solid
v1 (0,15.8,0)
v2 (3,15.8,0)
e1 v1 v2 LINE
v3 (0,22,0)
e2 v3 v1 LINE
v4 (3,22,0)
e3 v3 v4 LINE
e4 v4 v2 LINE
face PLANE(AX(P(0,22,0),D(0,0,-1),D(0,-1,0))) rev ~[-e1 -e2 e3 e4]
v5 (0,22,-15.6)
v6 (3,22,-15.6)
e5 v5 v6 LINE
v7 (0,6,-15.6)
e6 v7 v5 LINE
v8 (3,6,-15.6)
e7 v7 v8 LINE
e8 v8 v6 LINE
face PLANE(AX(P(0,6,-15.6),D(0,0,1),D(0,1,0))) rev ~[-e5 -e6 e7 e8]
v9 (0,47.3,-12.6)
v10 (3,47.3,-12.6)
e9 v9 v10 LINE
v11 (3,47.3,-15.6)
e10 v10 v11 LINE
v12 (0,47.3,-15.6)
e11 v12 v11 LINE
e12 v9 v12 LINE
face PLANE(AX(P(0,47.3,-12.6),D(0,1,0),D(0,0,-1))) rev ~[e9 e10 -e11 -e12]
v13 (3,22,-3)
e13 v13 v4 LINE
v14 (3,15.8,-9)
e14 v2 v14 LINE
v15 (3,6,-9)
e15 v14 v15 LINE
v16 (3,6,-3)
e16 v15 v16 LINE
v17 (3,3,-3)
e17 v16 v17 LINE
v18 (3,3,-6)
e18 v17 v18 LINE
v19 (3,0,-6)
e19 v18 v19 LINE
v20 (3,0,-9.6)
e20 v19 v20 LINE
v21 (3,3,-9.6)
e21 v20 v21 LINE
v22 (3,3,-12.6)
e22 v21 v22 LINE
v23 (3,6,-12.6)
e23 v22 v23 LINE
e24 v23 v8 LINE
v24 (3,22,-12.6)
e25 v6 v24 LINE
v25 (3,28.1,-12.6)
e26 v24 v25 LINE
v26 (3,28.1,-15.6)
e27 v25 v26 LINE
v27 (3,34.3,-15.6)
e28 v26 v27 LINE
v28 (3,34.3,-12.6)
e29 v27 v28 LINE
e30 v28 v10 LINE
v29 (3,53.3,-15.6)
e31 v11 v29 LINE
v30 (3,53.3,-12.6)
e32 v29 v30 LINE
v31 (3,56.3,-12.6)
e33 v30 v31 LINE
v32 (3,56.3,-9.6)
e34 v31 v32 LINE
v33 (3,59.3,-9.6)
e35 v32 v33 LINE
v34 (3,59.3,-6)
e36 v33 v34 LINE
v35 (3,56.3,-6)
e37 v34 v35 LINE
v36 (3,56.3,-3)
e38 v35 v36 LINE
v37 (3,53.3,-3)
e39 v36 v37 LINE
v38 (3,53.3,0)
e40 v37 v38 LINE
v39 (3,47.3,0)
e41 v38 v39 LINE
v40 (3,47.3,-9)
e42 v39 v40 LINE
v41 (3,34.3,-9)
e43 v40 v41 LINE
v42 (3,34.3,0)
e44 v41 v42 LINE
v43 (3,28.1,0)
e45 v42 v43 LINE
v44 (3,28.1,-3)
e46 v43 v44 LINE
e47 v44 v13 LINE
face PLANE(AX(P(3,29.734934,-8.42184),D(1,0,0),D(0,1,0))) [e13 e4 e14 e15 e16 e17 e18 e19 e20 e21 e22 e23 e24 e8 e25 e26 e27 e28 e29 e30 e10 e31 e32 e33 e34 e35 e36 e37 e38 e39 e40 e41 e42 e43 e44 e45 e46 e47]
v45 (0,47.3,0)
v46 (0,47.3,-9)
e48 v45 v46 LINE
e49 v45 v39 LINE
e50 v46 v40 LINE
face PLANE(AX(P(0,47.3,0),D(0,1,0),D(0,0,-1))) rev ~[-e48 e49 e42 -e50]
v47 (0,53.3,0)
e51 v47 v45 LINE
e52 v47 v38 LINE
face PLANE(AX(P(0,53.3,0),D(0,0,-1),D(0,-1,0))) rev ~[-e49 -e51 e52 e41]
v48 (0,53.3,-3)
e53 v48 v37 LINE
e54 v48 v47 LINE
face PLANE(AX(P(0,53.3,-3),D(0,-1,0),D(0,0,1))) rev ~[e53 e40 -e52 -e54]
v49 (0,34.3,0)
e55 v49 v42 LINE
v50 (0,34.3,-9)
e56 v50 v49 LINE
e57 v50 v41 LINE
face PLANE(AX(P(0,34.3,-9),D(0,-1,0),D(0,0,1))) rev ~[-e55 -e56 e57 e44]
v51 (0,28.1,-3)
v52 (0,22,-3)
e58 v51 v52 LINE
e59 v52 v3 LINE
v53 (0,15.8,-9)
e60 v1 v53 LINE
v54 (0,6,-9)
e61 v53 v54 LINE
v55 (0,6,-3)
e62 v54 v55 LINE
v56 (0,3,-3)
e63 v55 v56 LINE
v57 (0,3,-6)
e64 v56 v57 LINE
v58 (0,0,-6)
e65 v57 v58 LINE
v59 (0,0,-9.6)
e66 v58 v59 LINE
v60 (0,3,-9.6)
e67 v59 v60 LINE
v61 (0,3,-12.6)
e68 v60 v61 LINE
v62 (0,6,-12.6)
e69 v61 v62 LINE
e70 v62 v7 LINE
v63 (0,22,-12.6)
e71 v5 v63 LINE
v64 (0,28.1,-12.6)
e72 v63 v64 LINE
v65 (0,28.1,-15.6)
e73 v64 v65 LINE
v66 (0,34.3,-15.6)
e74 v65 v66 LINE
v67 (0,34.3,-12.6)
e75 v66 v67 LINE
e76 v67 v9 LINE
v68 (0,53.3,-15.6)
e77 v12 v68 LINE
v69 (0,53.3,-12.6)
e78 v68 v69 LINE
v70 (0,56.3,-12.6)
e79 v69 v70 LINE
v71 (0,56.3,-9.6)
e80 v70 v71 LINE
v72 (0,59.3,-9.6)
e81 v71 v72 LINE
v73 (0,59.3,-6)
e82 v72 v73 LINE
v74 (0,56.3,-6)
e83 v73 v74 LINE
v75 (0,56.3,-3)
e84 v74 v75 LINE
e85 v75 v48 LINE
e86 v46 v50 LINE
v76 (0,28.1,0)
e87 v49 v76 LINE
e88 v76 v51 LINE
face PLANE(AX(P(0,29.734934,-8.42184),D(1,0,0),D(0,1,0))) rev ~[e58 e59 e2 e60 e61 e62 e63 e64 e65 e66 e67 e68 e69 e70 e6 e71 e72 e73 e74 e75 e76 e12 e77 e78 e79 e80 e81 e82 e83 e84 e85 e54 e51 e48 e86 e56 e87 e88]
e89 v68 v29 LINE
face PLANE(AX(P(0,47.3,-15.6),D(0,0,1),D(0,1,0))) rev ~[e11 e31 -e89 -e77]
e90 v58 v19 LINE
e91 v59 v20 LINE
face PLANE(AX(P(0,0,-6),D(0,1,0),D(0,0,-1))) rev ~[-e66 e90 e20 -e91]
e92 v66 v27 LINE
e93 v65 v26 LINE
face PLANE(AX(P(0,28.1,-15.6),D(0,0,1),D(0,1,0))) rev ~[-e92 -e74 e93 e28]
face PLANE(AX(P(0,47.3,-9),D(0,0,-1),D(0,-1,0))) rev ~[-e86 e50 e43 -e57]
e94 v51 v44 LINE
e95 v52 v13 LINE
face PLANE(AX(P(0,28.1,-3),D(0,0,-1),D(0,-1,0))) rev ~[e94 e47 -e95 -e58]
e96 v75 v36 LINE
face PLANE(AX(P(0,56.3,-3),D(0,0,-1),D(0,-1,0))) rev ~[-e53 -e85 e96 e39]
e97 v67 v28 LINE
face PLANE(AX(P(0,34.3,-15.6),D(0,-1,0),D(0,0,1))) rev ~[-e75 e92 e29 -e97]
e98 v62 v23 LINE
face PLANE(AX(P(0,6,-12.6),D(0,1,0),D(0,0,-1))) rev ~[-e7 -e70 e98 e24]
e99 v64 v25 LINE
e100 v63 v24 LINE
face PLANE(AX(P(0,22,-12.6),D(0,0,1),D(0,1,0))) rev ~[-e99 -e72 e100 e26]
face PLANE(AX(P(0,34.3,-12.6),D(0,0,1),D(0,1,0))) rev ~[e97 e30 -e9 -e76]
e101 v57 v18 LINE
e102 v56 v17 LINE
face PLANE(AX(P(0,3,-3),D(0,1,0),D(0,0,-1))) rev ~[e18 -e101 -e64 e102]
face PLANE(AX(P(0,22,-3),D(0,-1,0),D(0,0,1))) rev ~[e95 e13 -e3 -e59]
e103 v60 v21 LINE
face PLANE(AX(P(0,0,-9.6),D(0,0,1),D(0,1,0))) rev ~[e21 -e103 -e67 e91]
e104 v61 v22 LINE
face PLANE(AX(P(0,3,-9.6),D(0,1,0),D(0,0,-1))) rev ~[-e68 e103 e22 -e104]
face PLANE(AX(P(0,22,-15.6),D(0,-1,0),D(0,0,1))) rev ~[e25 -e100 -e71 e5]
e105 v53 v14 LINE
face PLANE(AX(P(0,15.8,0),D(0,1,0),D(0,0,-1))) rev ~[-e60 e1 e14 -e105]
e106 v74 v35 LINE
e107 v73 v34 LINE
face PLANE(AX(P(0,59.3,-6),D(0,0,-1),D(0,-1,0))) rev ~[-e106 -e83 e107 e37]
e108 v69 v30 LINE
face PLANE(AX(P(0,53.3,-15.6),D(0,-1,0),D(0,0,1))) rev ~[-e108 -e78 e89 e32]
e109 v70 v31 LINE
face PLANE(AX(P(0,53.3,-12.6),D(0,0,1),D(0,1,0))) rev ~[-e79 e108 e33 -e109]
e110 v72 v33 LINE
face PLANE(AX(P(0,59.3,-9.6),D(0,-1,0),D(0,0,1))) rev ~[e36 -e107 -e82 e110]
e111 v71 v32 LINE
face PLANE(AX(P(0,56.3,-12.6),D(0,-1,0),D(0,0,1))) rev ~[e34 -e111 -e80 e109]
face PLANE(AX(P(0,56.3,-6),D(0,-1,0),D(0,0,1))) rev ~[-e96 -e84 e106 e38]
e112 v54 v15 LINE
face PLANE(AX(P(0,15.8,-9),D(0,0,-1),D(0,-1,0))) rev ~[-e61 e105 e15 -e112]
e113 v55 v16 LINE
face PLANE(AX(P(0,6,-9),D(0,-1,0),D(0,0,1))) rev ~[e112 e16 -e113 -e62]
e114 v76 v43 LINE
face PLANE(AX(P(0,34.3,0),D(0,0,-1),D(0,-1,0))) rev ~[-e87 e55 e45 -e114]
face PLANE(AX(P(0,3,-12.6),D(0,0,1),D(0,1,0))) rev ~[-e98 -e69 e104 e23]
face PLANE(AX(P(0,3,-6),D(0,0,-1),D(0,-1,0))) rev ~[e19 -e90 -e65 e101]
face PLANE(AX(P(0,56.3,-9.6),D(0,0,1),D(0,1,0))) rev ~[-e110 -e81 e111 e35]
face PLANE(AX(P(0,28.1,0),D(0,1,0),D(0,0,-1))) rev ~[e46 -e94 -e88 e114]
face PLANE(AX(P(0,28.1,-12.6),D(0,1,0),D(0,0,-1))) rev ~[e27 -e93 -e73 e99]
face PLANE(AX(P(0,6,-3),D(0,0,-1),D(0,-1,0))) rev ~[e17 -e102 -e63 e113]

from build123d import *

# Parameters (mm, degrees)
F1_DEPTH = 3


with BuildPart() as f1:
    # F0 (on Right) → F1 (new body)
    with BuildSketch(Plane.YZ):
        Polygon((3, -6), (0, -6), (0, -9.6), (3, -9.6), (3, -12.6), (6, -12.6), (6, -15.6), (22, -15.6), (22, -12.6), (28.1, -12.6), (28.1, -15.6), (34.3, -15.6), (34.3, -12.6), (47.3, -12.6), (47.3, -15.6), (53.3, -15.6), (53.3, -12.6), (56.3, -12.6), (56.3, -9.6), (59.3, -9.6), (59.3, -6), (56.3, -6), (56.3, -3), (53.3, -3), (53.3, 0), (47.3, 0), (47.3, -9), (34.3, -9), (34.3, 0), (28.1, 0), (28.1, -3), (22, -3), (22, 0), (15.8, 0), (15.8, -9), (6, -9), (6, -3), (3, -3), align=None)
    extrude(amount=F1_DEPTH)


solid = f1.part
